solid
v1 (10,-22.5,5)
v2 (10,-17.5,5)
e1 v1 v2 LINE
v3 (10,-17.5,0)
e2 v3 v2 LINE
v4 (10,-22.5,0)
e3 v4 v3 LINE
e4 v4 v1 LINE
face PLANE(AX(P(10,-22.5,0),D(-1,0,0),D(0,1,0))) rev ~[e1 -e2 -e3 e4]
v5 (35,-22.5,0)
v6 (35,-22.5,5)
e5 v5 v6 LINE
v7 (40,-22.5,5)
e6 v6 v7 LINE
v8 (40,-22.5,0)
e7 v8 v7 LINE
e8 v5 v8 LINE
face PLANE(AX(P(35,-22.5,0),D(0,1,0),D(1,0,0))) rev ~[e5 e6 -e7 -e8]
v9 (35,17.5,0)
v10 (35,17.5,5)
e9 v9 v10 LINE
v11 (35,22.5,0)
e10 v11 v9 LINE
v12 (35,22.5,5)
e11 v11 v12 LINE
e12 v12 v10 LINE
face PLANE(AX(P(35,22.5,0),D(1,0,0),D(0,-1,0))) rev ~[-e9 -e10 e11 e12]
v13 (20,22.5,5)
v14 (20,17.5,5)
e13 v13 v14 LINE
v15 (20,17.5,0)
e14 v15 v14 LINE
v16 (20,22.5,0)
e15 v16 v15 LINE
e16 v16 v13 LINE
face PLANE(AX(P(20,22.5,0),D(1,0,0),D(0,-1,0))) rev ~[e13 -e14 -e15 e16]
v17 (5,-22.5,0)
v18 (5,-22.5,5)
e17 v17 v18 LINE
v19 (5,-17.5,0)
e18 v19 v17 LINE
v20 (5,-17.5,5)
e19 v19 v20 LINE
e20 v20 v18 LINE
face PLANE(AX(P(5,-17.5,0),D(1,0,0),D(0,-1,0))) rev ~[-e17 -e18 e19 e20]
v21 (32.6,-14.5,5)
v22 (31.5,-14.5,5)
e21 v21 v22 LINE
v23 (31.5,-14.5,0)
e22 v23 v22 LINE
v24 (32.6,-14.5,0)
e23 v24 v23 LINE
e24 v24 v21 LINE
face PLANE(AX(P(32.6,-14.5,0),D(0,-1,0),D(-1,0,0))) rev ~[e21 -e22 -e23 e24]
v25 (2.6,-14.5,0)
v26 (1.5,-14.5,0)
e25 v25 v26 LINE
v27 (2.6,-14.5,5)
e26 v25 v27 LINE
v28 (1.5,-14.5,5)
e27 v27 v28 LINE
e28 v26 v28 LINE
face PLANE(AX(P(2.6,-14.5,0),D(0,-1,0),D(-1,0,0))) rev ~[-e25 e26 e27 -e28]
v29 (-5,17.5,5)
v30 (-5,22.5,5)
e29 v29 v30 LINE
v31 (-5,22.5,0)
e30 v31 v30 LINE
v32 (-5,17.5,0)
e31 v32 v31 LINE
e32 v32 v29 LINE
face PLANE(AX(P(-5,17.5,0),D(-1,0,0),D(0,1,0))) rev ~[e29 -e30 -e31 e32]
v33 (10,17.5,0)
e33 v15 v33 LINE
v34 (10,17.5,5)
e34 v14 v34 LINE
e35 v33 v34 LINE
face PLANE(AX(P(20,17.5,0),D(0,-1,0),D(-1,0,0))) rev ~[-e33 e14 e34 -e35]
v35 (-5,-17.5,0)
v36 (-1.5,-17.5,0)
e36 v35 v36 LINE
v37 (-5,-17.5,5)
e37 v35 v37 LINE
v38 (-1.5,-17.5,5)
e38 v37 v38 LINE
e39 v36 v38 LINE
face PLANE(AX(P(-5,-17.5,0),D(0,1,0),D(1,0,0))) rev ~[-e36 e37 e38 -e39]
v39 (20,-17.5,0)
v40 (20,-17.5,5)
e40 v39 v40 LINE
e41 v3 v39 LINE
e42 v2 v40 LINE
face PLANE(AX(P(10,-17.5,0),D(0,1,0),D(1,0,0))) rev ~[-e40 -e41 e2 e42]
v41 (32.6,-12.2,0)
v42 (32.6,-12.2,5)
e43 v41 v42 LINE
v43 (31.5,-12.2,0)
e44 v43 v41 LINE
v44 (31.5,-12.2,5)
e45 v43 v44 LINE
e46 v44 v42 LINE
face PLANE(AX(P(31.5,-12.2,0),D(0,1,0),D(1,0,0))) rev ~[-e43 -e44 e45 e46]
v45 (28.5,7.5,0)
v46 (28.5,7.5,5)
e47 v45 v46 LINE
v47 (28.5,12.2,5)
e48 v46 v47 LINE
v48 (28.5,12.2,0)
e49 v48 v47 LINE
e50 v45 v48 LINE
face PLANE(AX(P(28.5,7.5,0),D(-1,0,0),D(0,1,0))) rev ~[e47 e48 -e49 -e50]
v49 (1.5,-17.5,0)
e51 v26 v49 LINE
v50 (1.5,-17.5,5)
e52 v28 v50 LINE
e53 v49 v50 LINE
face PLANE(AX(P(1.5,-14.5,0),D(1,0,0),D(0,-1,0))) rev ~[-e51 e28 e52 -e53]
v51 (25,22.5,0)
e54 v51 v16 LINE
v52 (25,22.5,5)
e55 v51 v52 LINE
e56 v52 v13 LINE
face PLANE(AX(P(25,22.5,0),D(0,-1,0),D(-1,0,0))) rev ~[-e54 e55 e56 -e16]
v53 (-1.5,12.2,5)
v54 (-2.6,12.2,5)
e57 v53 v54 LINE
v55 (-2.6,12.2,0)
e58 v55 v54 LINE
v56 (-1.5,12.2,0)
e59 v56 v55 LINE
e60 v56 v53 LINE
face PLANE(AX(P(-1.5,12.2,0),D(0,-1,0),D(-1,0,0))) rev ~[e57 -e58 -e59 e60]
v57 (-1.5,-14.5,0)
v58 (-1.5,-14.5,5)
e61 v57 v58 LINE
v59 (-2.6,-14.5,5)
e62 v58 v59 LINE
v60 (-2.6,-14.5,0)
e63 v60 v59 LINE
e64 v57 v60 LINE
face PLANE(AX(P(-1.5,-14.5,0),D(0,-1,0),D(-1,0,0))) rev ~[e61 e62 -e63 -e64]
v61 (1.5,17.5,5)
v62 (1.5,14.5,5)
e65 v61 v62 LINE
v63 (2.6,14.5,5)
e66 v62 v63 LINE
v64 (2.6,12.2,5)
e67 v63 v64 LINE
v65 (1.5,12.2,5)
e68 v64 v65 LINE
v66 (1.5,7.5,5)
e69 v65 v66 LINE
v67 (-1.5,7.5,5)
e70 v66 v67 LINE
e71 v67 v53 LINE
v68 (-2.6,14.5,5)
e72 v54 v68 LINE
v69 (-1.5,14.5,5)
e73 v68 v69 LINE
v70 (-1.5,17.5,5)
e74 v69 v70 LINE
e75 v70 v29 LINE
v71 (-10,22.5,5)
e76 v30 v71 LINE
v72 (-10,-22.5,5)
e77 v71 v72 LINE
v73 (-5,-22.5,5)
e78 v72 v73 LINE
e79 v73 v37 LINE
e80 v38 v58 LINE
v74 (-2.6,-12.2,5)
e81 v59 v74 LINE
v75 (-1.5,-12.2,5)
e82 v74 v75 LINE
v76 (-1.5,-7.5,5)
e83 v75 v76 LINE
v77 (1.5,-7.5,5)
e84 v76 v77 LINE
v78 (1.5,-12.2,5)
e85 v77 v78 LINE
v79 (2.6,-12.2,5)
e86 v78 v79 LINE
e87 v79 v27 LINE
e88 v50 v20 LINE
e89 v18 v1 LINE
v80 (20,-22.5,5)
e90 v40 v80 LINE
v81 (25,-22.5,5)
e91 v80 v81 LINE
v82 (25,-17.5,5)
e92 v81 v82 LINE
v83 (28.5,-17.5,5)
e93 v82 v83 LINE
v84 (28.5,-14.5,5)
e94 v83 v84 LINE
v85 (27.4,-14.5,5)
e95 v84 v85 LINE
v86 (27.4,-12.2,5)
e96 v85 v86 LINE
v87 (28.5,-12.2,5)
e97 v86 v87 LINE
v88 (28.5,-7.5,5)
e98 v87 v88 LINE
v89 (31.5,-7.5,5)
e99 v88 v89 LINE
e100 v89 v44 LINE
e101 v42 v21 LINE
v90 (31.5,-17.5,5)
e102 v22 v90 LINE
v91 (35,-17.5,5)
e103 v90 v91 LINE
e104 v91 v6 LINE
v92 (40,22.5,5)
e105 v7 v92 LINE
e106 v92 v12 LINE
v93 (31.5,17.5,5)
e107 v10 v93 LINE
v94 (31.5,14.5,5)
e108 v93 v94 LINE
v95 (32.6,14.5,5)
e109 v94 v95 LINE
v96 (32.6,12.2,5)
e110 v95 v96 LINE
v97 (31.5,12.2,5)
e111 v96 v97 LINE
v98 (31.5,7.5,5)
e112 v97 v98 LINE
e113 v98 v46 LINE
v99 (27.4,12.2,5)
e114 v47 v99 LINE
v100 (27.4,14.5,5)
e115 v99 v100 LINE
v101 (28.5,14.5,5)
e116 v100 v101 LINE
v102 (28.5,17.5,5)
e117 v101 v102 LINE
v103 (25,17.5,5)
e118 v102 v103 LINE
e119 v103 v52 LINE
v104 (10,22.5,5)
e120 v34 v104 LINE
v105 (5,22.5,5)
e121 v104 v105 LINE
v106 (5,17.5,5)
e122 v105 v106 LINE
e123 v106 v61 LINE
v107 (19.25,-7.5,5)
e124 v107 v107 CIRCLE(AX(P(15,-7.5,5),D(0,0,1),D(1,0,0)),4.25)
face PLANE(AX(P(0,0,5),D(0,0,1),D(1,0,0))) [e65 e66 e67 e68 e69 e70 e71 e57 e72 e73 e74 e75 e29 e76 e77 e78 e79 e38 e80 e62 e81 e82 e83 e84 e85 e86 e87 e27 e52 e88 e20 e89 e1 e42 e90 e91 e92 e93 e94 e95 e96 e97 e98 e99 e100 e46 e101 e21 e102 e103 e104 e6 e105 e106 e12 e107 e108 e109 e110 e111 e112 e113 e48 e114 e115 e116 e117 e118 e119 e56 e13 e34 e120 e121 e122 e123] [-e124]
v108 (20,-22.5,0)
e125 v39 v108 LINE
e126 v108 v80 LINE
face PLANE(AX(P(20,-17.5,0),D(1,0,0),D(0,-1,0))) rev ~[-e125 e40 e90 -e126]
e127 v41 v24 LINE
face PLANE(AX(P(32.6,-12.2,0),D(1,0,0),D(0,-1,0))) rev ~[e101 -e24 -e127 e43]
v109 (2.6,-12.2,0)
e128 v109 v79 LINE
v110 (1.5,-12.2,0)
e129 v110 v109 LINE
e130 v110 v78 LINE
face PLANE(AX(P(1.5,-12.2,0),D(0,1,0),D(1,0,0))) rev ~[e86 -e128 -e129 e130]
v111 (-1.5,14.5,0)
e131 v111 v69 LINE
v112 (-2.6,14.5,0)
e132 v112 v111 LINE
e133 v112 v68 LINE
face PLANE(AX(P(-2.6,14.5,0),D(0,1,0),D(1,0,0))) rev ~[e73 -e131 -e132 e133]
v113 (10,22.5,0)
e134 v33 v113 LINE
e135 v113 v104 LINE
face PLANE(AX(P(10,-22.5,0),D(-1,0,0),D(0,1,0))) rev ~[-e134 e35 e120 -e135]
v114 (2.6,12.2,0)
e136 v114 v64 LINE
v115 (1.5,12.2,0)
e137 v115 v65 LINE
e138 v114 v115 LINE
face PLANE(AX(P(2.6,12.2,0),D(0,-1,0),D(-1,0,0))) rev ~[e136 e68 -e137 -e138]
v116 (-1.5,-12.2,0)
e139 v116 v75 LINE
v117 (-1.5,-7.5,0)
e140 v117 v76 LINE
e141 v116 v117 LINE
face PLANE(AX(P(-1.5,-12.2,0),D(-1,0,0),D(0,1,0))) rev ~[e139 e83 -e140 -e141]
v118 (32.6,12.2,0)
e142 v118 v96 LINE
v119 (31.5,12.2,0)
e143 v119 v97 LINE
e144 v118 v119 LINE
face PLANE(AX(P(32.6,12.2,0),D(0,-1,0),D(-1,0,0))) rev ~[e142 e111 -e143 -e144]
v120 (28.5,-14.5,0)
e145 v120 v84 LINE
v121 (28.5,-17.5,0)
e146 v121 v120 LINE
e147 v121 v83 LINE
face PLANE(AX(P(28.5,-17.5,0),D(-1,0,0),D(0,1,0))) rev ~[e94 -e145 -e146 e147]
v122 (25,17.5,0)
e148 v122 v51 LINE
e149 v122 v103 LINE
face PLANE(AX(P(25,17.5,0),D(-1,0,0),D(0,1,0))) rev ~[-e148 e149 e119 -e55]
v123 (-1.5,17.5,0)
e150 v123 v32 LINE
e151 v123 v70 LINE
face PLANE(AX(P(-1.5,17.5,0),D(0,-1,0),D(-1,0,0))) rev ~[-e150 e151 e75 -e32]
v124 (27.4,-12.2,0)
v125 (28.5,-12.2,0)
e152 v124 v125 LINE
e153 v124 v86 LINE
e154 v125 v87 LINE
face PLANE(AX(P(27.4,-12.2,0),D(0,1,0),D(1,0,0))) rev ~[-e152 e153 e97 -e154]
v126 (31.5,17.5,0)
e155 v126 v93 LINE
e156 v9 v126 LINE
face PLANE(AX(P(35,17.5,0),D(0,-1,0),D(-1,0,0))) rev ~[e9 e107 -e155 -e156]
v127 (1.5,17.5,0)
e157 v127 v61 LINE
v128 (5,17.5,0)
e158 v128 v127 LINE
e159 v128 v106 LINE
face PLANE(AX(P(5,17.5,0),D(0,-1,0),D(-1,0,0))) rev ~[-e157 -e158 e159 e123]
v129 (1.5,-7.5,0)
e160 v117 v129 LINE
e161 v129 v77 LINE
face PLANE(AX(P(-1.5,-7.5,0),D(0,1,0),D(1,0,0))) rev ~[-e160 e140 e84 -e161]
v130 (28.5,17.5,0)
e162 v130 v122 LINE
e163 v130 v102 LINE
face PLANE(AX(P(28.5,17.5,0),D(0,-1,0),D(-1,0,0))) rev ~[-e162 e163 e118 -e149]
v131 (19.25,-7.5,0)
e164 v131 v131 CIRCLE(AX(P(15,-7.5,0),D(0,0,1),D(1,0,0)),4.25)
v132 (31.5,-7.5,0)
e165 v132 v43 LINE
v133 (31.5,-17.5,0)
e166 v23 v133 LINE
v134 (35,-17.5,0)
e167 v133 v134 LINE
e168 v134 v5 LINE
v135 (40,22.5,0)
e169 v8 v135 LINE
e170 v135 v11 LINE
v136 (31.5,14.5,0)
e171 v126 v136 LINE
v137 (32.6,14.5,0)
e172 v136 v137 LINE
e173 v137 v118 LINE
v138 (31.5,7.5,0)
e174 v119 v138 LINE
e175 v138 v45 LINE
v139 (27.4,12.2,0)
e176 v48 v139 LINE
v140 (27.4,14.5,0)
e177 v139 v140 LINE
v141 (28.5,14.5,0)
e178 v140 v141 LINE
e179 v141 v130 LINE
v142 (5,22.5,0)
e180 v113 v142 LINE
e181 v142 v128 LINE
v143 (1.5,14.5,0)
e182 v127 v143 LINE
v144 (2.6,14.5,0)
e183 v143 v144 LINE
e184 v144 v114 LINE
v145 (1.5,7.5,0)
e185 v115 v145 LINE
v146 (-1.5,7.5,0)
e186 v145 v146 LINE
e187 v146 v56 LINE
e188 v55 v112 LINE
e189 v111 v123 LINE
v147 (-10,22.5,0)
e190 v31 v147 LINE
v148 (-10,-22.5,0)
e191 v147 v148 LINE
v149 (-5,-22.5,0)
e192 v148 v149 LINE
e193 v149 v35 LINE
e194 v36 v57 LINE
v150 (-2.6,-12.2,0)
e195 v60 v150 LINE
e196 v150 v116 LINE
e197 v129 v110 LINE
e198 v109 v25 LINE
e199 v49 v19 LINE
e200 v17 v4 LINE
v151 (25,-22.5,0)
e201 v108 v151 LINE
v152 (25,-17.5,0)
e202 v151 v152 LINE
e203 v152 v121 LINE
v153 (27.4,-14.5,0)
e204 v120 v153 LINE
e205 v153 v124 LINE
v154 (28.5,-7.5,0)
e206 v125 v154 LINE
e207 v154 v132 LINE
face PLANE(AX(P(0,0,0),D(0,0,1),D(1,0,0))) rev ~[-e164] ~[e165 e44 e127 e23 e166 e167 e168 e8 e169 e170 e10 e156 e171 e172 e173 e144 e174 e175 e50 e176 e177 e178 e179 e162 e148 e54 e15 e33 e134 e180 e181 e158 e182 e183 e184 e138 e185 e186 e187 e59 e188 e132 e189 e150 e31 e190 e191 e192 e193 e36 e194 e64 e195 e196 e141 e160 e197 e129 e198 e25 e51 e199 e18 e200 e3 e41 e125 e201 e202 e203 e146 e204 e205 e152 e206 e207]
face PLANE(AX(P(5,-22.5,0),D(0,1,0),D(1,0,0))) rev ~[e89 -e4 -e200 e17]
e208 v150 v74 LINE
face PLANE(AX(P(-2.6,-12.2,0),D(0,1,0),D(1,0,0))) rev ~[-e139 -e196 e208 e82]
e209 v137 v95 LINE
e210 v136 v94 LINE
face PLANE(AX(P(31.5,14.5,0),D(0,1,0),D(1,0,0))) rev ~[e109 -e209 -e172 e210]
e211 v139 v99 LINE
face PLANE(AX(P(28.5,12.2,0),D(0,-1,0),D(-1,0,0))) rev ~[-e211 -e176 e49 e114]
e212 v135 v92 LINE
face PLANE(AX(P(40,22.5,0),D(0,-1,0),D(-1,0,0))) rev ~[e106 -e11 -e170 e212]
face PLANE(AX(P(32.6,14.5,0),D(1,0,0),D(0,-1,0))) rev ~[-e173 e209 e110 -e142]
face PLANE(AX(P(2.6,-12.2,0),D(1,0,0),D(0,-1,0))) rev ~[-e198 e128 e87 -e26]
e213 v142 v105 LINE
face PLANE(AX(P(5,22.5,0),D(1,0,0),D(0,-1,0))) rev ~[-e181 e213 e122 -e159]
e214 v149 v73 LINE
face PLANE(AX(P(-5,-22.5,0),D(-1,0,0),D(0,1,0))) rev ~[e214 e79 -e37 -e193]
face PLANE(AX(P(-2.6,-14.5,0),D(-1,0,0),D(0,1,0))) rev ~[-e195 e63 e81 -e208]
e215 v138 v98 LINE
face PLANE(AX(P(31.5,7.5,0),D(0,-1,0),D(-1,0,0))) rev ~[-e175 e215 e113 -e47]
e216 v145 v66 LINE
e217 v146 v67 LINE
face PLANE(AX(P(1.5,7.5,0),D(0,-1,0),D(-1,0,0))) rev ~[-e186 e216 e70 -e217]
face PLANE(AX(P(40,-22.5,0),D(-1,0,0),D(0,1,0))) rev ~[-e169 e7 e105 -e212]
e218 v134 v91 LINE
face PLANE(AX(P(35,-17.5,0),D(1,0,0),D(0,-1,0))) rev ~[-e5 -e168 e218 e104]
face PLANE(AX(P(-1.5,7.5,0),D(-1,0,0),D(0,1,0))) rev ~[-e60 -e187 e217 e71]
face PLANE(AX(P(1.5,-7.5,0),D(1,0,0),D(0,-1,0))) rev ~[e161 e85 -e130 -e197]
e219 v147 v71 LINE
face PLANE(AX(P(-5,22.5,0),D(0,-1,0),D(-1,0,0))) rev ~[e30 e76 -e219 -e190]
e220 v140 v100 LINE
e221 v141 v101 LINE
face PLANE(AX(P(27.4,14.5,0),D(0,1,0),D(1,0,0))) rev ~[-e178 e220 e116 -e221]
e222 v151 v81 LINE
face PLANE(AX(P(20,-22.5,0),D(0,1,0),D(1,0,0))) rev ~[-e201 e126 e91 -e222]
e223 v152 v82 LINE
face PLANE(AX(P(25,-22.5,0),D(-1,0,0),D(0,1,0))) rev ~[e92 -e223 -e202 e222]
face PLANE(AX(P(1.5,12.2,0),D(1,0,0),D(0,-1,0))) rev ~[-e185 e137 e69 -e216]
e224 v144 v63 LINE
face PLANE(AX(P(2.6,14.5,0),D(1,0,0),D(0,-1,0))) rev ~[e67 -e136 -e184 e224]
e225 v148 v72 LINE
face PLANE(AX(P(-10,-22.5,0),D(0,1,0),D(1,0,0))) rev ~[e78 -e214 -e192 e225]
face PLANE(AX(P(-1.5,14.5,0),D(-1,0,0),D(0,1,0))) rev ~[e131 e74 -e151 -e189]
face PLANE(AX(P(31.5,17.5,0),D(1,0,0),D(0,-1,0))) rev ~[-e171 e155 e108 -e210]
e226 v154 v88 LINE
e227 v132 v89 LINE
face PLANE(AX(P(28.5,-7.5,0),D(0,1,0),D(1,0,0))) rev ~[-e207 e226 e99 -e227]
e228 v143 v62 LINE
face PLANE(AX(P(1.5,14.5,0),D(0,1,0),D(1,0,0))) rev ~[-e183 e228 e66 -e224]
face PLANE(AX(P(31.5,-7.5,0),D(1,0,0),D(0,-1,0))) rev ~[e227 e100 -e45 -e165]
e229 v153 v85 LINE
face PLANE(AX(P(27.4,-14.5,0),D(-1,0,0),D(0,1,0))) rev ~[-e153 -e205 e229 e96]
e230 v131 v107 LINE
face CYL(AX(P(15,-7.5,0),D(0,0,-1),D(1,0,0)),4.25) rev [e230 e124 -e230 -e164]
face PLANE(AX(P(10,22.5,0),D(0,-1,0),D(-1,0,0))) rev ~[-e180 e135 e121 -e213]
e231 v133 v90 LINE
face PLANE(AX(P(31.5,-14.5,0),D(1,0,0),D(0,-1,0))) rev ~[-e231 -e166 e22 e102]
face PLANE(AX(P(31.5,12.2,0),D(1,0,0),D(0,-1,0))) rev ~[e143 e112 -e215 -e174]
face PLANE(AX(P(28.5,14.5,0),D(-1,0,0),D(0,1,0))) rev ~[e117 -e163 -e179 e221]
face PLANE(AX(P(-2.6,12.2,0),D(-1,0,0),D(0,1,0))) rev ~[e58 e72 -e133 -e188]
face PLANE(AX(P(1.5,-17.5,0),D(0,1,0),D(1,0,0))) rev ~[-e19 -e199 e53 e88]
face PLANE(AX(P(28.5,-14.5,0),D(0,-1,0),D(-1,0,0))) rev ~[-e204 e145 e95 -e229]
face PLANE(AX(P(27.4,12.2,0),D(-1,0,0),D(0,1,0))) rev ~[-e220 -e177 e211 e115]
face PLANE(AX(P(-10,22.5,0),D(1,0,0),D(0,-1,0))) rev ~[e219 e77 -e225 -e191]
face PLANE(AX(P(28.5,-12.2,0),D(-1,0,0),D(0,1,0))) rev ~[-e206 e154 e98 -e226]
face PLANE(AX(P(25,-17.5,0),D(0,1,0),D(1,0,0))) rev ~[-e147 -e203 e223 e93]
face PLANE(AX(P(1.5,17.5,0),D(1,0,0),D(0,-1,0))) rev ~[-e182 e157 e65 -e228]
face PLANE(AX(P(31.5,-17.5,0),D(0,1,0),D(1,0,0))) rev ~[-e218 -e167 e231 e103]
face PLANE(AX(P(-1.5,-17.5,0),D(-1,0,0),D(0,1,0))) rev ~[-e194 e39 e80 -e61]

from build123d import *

# Parameters (mm, degrees)
ESQUISSE1_R        = 4.25
BOSS_EXTRU_1_DEPTH = 5


with BuildPart() as part:
    # Esquisse1 → Boss.-Extru.1 (new body)
    # profile 1 of 2: a face of its own
    with BuildSketch(Plane.XY):
        Polygon((-10, 22.5), (-10, 17.5), (-10, -17.5), (-10, -22.5), (-5, -22.5), (-5, -17.5), (-1.5, -17.5), (-1.5, -14.5), (-2.6, -14.5), (-2.6, -12.2), (-1.5, -12.2), (-1.5, -7.5), (1.5, -7.5), (1.5, -12.2), (2.6, -12.2), (2.6, -14.5), (1.5, -14.5), (1.5, -17.5), (5, -17.5), (5, -22.5), (10, -22.5), (10, -17.5), (10, 17.5), (10, 22.5), (5, 22.5), (5, 17.5), (1.5, 17.5), (1.5, 14.5), (2.6, 14.5), (2.6, 12.2), (1.5, 12.2), (1.5, 7.5), (-1.5, 7.5), (-1.5, 12.2), (-2.6, 12.2), (-2.6, 14.5), (-1.5, 14.5), (-1.5, 17.5), (-5, 17.5), (-5, 22.5), align=None)
    # profile 2 of 2: a face of its own
    with BuildSketch(Plane.XY):
        Polygon((20, 17.5), (10, 17.5), (10, -17.5), (20, -17.5), (20, -22.5), (25, -22.5), (25, -17.5), (28.5, -17.5), (28.5, -14.5), (27.4, -14.5), (27.4, -12.2), (28.5, -12.2), (28.5, -7.5), (31.5, -7.5), (31.5, -12.2), (32.6, -12.2), (32.6, -14.5), (31.5, -14.5), (31.5, -17.5), (35, -17.5), (35, -22.5), (40, -22.5), (40, -17.5), (40, 17.5), (40, 22.5), (35, 22.5), (35, 17.5), (31.5, 17.5), (31.5, 14.5), (32.6, 14.5), (32.6, 12.2), (31.5, 12.2), (31.5, 7.5), (28.5, 7.5), (28.5, 12.2), (27.4, 12.2), (27.4, 14.5), (28.5, 14.5), (28.5, 17.5), (25, 17.5), (25, 22.5), (20, 22.5), align=None)
        with Locations((15, -7.5)):
            Circle(ESQUISSE1_R, mode=Mode.SUBTRACT)
    extrude(amount=BOSS_EXTRU_1_DEPTH)


solid = part.part
